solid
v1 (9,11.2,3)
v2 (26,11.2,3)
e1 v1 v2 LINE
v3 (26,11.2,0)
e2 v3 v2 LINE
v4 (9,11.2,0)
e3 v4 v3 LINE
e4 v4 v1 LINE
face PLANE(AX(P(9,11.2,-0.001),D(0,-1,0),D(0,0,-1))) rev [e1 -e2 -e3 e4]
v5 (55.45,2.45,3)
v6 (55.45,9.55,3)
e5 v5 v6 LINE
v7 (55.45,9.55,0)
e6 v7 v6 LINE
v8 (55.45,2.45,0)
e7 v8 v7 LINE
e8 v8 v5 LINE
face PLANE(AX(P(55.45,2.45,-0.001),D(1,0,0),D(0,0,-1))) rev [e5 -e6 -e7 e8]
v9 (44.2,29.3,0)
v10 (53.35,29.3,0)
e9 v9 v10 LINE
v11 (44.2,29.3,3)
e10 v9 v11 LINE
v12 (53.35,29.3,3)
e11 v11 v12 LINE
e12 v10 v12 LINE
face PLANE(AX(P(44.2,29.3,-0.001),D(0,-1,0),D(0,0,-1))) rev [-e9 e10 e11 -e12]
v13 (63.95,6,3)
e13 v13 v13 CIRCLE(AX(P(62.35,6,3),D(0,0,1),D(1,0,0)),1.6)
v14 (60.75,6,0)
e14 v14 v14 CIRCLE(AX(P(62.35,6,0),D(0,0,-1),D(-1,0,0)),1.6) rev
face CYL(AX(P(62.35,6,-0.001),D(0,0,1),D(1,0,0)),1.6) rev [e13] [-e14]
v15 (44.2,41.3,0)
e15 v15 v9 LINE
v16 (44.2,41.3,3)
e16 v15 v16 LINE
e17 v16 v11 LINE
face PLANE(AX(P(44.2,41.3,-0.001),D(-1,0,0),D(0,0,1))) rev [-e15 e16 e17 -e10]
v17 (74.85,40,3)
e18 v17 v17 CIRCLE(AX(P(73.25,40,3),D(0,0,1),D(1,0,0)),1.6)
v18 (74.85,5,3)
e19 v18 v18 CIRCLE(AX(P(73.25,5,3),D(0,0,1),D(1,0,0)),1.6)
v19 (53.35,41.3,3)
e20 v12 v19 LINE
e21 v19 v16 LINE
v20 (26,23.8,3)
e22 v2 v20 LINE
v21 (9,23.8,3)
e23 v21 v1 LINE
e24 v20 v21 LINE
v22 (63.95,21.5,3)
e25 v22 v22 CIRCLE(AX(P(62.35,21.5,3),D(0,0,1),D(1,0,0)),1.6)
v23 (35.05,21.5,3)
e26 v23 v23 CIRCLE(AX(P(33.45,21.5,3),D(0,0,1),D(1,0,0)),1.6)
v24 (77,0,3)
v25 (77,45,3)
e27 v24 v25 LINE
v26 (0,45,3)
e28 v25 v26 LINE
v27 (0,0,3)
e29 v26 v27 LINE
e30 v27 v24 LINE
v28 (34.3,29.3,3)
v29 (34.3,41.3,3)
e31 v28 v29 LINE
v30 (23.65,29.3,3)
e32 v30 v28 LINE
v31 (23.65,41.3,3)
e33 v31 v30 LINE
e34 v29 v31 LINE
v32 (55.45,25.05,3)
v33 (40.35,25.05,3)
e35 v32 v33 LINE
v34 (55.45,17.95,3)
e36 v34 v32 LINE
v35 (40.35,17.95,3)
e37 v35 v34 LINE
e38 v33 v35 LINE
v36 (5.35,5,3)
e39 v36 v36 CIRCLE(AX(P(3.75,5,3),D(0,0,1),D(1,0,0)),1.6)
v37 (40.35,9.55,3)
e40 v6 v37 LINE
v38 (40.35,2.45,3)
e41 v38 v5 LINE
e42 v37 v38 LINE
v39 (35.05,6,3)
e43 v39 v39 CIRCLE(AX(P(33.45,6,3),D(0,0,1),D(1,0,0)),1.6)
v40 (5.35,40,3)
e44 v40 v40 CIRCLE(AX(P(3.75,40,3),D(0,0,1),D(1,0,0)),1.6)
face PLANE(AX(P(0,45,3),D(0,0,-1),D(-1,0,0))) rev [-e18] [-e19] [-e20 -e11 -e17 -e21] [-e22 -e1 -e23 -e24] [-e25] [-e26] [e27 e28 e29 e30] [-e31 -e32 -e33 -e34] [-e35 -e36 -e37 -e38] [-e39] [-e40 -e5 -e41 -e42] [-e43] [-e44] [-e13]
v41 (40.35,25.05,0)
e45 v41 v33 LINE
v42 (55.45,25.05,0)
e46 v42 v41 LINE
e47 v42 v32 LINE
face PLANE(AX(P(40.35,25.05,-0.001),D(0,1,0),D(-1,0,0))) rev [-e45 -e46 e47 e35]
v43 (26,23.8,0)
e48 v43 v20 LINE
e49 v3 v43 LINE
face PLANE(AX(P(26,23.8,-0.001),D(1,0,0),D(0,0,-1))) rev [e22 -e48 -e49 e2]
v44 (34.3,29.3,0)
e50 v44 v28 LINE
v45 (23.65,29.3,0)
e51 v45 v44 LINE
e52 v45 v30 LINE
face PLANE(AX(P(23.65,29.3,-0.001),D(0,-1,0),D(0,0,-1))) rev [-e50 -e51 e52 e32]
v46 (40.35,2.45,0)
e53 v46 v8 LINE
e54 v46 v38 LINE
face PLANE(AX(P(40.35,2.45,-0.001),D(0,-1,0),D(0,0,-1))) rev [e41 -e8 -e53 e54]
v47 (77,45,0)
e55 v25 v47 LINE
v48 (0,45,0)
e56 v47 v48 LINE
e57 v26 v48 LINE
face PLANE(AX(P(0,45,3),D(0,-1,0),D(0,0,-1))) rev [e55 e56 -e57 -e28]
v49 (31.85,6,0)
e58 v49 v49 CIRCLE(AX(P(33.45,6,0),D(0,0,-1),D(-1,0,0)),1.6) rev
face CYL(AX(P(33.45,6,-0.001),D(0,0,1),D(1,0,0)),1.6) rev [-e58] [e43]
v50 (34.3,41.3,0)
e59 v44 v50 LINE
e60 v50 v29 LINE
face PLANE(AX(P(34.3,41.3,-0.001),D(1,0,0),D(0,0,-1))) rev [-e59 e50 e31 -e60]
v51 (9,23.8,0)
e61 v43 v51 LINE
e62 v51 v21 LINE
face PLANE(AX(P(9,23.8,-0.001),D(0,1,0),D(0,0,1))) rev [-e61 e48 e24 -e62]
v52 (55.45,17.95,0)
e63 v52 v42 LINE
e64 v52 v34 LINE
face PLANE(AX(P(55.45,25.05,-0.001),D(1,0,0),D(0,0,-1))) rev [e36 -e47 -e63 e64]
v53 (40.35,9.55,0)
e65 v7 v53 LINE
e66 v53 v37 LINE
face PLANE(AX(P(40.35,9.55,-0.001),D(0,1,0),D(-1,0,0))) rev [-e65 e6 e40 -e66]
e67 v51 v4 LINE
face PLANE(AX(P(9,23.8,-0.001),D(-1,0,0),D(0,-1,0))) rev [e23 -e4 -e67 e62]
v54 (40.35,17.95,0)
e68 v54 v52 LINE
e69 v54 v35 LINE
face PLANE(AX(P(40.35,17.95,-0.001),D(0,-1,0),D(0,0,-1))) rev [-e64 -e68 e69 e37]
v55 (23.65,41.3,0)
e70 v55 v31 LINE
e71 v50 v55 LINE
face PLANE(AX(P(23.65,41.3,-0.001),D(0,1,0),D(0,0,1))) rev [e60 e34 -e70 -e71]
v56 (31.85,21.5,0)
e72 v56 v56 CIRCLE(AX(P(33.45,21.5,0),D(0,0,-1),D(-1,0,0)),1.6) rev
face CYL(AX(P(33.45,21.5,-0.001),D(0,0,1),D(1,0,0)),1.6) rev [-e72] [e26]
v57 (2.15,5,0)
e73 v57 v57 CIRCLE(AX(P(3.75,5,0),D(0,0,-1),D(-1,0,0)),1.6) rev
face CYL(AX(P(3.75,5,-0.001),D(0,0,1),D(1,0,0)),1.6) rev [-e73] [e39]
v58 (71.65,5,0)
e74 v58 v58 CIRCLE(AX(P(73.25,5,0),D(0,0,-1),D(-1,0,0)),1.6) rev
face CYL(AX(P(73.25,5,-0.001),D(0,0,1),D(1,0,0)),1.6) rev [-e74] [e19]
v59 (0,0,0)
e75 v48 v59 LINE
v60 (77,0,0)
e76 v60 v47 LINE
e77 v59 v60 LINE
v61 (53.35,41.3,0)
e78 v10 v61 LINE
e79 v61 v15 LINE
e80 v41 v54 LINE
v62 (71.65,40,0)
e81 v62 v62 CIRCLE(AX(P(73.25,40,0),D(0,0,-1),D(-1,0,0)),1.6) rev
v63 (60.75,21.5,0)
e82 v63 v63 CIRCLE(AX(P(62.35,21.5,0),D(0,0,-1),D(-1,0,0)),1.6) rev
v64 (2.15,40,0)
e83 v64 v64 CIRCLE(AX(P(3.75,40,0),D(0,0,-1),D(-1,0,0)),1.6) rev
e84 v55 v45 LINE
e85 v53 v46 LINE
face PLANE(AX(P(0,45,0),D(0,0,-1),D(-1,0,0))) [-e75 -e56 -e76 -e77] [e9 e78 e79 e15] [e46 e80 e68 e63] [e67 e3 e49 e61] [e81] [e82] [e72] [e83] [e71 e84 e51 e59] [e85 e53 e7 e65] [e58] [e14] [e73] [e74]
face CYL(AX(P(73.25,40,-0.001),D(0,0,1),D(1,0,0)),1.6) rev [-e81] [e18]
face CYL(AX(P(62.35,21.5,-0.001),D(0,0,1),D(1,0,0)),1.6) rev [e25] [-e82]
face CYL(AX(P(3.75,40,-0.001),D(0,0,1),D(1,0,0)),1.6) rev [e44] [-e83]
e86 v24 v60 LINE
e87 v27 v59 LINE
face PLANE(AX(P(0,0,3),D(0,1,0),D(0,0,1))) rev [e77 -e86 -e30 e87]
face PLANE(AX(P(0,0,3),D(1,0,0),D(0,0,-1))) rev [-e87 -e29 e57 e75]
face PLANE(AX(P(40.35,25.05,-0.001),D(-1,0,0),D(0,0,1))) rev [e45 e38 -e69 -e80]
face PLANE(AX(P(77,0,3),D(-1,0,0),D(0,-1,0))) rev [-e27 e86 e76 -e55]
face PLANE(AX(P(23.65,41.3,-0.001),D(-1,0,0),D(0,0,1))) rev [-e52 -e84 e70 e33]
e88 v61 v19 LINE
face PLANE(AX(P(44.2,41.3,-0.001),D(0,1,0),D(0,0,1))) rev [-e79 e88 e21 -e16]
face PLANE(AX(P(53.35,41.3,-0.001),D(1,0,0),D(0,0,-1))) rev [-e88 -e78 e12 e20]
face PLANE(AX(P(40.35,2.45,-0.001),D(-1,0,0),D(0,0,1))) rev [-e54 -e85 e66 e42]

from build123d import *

# Parameters (mm, degrees)
CROQUIS1_W              = 77
CROQUIS1_H              = 45
SALIENTE_EXTRUIR1_DEPTH = 3
CORTAR_EXTRUIR1_REACH   = 5
CROQUIS2_R              = 1.6
CROQUIS2_W              = 17
CROQUIS2_H              = 12.6
CROQUIS2_W_2            = 10.65
CROQUIS2_H_2            = 12
CROQUIS2_W_3            = 9.15
CROQUIS2_W_4            = 15.1
CROQUIS2_H_3            = 7.1


with BuildPart() as part:
    # Croquis1 → Saliente-Extruir1 (new body)
    with BuildSketch(Plane.XY):
        with Locations((38.5, 22.5)):
            Rectangle(CROQUIS1_W, CROQUIS1_H)
    extrude(amount=SALIENTE_EXTRUIR1_DEPTH)

    # Croquis2 → Cortar-Extruir1 (cut, up to next)
    with BuildSketch(Plane.XY.offset(3), mode=Mode.PRIVATE) as cortar_extruir1_sk1:
        with Locations((3.75, 40)):
            Circle(CROQUIS2_R)
    cortar_extruir1_tool1 = extrude(cortar_extruir1_sk1.sketch, amount=-CORTAR_EXTRUIR1_REACH, mode=Mode.PRIVATE) & part.part
    add(cortar_extruir1_tool1.solids().sort_by_distance((3.75, 40, 3))[0], mode=Mode.SUBTRACT)
    # Croquis2 → Cortar-Extruir1 (cut, up to next)
    with BuildSketch(Plane.XY.offset(3), mode=Mode.PRIVATE) as cortar_extruir1_sk2:
        with Locations((3.75, 5)):
            Circle(CROQUIS2_R)
    cortar_extruir1_tool2 = extrude(cortar_extruir1_sk2.sketch, amount=-CORTAR_EXTRUIR1_REACH, mode=Mode.PRIVATE) & part.part
    add(cortar_extruir1_tool2.solids().sort_by_distance((3.75, 5, 3))[0], mode=Mode.SUBTRACT)
    # Croquis2 → Cortar-Extruir1 (cut, up to next)
    with BuildSketch(Plane.XY.offset(3), mode=Mode.PRIVATE) as cortar_extruir1_sk3:
        with Locations((73.25, 5)):
            Circle(CROQUIS2_R)
    cortar_extruir1_tool3 = extrude(cortar_extruir1_sk3.sketch, amount=-CORTAR_EXTRUIR1_REACH, mode=Mode.PRIVATE) & part.part
    add(cortar_extruir1_tool3.solids().sort_by_distance((73.25, 5, 3))[0], mode=Mode.SUBTRACT)
    # Croquis2 → Cortar-Extruir1 (cut, up to next)
    with BuildSketch(Plane.XY.offset(3), mode=Mode.PRIVATE) as cortar_extruir1_sk4:
        with Locations((73.25, 40)):
            Circle(CROQUIS2_R)
    cortar_extruir1_tool4 = extrude(cortar_extruir1_sk4.sketch, amount=-CORTAR_EXTRUIR1_REACH, mode=Mode.PRIVATE) & part.part
    add(cortar_extruir1_tool4.solids().sort_by_distance((73.25, 40, 3))[0], mode=Mode.SUBTRACT)
    # Croquis2 → Cortar-Extruir1 (cut, up to next)
    with BuildSketch(Plane.XY.offset(3), mode=Mode.PRIVATE) as cortar_extruir1_sk5:
        with Locations((33.45, 21.5)):
            Circle(CROQUIS2_R)
    cortar_extruir1_tool5 = extrude(cortar_extruir1_sk5.sketch, amount=-CORTAR_EXTRUIR1_REACH, mode=Mode.PRIVATE) & part.part
    add(cortar_extruir1_tool5.solids().sort_by_distance((33.45, 21.5, 3))[0], mode=Mode.SUBTRACT)
    # Croquis2 → Cortar-Extruir1 (cut, up to next)
    with BuildSketch(Plane.XY.offset(3), mode=Mode.PRIVATE) as cortar_extruir1_sk6:
        with Locations((33.45, 6)):
            Circle(CROQUIS2_R)
    cortar_extruir1_tool6 = extrude(cortar_extruir1_sk6.sketch, amount=-CORTAR_EXTRUIR1_REACH, mode=Mode.PRIVATE) & part.part
    add(cortar_extruir1_tool6.solids().sort_by_distance((33.45, 6, 3))[0], mode=Mode.SUBTRACT)
    # Croquis2 → Cortar-Extruir1 (cut, up to next)
    with BuildSketch(Plane.XY.offset(3), mode=Mode.PRIVATE) as cortar_extruir1_sk7:
        with Locations((62.35, 21.5)):
            Circle(CROQUIS2_R)
    cortar_extruir1_tool7 = extrude(cortar_extruir1_sk7.sketch, amount=-CORTAR_EXTRUIR1_REACH, mode=Mode.PRIVATE) & part.part
    add(cortar_extruir1_tool7.solids().sort_by_distance((62.35, 21.5, 3))[0], mode=Mode.SUBTRACT)
    # Croquis2 → Cortar-Extruir1 (cut, up to next)
    with BuildSketch(Plane.XY.offset(3), mode=Mode.PRIVATE) as cortar_extruir1_sk8:
        with Locations((62.35, 6)):
            Circle(CROQUIS2_R)
    cortar_extruir1_tool8 = extrude(cortar_extruir1_sk8.sketch, amount=-CORTAR_EXTRUIR1_REACH, mode=Mode.PRIVATE) & part.part
    add(cortar_extruir1_tool8.solids().sort_by_distance((62.35, 6, 3))[0], mode=Mode.SUBTRACT)
    # Croquis2 → Cortar-Extruir1 (cut, up to next)
    with BuildSketch(Plane.XY.offset(3), mode=Mode.PRIVATE) as cortar_extruir1_sk9:
        with Locations((17.5, 17.5)):
            Rectangle(CROQUIS2_W, CROQUIS2_H)
    cortar_extruir1_tool9 = extrude(cortar_extruir1_sk9.sketch, amount=-CORTAR_EXTRUIR1_REACH, mode=Mode.PRIVATE) & part.part
    add(cortar_extruir1_tool9.solids().sort_by_distance((17.5, 17.5, 3))[0], mode=Mode.SUBTRACT)
    # Croquis2 → Cortar-Extruir1 (cut, up to next)
    with BuildSketch(Plane.XY.offset(3), mode=Mode.PRIVATE) as cortar_extruir1_sk10:
        with Locations((28.975, 35.3)):
            Rectangle(CROQUIS2_W_2, CROQUIS2_H_2)
    cortar_extruir1_tool10 = extrude(cortar_extruir1_sk10.sketch, amount=-CORTAR_EXTRUIR1_REACH, mode=Mode.PRIVATE) & part.part
    add(cortar_extruir1_tool10.solids().sort_by_distance((28.975, 35.3, 3))[0], mode=Mode.SUBTRACT)
    # Croquis2 → Cortar-Extruir1 (cut, up to next)
    with BuildSketch(Plane.XY.offset(3), mode=Mode.PRIVATE) as cortar_extruir1_sk11:
        with Locations((48.775, 35.3)):
            Rectangle(CROQUIS2_W_3, CROQUIS2_H_2)
    cortar_extruir1_tool11 = extrude(cortar_extruir1_sk11.sketch, amount=-CORTAR_EXTRUIR1_REACH, mode=Mode.PRIVATE) & part.part
    add(cortar_extruir1_tool11.solids().sort_by_distance((48.775, 35.3, 3))[0], mode=Mode.SUBTRACT)
    # Croquis2 → Cortar-Extruir1 (cut, up to next)
    with BuildSketch(Plane.XY.offset(3), mode=Mode.PRIVATE) as cortar_extruir1_sk12:
        with Locations((47.9, 21.5)):
            Rectangle(CROQUIS2_W_4, CROQUIS2_H_3)
    cortar_extruir1_tool12 = extrude(cortar_extruir1_sk12.sketch, amount=-CORTAR_EXTRUIR1_REACH, mode=Mode.PRIVATE) & part.part
    add(cortar_extruir1_tool12.solids().sort_by_distance((47.9, 21.5, 3))[0], mode=Mode.SUBTRACT)
    # Croquis2 → Cortar-Extruir1 (cut, up to next)
    with BuildSketch(Plane.XY.offset(3), mode=Mode.PRIVATE) as cortar_extruir1_sk13:
        with Locations((47.9, 6)):
            Rectangle(CROQUIS2_W_4, CROQUIS2_H_3)
    cortar_extruir1_tool13 = extrude(cortar_extruir1_sk13.sketch, amount=-CORTAR_EXTRUIR1_REACH, mode=Mode.PRIVATE) & part.part
    add(cortar_extruir1_tool13.solids().sort_by_distance((47.9, 6, 3))[0], mode=Mode.SUBTRACT)


solid = part.part
